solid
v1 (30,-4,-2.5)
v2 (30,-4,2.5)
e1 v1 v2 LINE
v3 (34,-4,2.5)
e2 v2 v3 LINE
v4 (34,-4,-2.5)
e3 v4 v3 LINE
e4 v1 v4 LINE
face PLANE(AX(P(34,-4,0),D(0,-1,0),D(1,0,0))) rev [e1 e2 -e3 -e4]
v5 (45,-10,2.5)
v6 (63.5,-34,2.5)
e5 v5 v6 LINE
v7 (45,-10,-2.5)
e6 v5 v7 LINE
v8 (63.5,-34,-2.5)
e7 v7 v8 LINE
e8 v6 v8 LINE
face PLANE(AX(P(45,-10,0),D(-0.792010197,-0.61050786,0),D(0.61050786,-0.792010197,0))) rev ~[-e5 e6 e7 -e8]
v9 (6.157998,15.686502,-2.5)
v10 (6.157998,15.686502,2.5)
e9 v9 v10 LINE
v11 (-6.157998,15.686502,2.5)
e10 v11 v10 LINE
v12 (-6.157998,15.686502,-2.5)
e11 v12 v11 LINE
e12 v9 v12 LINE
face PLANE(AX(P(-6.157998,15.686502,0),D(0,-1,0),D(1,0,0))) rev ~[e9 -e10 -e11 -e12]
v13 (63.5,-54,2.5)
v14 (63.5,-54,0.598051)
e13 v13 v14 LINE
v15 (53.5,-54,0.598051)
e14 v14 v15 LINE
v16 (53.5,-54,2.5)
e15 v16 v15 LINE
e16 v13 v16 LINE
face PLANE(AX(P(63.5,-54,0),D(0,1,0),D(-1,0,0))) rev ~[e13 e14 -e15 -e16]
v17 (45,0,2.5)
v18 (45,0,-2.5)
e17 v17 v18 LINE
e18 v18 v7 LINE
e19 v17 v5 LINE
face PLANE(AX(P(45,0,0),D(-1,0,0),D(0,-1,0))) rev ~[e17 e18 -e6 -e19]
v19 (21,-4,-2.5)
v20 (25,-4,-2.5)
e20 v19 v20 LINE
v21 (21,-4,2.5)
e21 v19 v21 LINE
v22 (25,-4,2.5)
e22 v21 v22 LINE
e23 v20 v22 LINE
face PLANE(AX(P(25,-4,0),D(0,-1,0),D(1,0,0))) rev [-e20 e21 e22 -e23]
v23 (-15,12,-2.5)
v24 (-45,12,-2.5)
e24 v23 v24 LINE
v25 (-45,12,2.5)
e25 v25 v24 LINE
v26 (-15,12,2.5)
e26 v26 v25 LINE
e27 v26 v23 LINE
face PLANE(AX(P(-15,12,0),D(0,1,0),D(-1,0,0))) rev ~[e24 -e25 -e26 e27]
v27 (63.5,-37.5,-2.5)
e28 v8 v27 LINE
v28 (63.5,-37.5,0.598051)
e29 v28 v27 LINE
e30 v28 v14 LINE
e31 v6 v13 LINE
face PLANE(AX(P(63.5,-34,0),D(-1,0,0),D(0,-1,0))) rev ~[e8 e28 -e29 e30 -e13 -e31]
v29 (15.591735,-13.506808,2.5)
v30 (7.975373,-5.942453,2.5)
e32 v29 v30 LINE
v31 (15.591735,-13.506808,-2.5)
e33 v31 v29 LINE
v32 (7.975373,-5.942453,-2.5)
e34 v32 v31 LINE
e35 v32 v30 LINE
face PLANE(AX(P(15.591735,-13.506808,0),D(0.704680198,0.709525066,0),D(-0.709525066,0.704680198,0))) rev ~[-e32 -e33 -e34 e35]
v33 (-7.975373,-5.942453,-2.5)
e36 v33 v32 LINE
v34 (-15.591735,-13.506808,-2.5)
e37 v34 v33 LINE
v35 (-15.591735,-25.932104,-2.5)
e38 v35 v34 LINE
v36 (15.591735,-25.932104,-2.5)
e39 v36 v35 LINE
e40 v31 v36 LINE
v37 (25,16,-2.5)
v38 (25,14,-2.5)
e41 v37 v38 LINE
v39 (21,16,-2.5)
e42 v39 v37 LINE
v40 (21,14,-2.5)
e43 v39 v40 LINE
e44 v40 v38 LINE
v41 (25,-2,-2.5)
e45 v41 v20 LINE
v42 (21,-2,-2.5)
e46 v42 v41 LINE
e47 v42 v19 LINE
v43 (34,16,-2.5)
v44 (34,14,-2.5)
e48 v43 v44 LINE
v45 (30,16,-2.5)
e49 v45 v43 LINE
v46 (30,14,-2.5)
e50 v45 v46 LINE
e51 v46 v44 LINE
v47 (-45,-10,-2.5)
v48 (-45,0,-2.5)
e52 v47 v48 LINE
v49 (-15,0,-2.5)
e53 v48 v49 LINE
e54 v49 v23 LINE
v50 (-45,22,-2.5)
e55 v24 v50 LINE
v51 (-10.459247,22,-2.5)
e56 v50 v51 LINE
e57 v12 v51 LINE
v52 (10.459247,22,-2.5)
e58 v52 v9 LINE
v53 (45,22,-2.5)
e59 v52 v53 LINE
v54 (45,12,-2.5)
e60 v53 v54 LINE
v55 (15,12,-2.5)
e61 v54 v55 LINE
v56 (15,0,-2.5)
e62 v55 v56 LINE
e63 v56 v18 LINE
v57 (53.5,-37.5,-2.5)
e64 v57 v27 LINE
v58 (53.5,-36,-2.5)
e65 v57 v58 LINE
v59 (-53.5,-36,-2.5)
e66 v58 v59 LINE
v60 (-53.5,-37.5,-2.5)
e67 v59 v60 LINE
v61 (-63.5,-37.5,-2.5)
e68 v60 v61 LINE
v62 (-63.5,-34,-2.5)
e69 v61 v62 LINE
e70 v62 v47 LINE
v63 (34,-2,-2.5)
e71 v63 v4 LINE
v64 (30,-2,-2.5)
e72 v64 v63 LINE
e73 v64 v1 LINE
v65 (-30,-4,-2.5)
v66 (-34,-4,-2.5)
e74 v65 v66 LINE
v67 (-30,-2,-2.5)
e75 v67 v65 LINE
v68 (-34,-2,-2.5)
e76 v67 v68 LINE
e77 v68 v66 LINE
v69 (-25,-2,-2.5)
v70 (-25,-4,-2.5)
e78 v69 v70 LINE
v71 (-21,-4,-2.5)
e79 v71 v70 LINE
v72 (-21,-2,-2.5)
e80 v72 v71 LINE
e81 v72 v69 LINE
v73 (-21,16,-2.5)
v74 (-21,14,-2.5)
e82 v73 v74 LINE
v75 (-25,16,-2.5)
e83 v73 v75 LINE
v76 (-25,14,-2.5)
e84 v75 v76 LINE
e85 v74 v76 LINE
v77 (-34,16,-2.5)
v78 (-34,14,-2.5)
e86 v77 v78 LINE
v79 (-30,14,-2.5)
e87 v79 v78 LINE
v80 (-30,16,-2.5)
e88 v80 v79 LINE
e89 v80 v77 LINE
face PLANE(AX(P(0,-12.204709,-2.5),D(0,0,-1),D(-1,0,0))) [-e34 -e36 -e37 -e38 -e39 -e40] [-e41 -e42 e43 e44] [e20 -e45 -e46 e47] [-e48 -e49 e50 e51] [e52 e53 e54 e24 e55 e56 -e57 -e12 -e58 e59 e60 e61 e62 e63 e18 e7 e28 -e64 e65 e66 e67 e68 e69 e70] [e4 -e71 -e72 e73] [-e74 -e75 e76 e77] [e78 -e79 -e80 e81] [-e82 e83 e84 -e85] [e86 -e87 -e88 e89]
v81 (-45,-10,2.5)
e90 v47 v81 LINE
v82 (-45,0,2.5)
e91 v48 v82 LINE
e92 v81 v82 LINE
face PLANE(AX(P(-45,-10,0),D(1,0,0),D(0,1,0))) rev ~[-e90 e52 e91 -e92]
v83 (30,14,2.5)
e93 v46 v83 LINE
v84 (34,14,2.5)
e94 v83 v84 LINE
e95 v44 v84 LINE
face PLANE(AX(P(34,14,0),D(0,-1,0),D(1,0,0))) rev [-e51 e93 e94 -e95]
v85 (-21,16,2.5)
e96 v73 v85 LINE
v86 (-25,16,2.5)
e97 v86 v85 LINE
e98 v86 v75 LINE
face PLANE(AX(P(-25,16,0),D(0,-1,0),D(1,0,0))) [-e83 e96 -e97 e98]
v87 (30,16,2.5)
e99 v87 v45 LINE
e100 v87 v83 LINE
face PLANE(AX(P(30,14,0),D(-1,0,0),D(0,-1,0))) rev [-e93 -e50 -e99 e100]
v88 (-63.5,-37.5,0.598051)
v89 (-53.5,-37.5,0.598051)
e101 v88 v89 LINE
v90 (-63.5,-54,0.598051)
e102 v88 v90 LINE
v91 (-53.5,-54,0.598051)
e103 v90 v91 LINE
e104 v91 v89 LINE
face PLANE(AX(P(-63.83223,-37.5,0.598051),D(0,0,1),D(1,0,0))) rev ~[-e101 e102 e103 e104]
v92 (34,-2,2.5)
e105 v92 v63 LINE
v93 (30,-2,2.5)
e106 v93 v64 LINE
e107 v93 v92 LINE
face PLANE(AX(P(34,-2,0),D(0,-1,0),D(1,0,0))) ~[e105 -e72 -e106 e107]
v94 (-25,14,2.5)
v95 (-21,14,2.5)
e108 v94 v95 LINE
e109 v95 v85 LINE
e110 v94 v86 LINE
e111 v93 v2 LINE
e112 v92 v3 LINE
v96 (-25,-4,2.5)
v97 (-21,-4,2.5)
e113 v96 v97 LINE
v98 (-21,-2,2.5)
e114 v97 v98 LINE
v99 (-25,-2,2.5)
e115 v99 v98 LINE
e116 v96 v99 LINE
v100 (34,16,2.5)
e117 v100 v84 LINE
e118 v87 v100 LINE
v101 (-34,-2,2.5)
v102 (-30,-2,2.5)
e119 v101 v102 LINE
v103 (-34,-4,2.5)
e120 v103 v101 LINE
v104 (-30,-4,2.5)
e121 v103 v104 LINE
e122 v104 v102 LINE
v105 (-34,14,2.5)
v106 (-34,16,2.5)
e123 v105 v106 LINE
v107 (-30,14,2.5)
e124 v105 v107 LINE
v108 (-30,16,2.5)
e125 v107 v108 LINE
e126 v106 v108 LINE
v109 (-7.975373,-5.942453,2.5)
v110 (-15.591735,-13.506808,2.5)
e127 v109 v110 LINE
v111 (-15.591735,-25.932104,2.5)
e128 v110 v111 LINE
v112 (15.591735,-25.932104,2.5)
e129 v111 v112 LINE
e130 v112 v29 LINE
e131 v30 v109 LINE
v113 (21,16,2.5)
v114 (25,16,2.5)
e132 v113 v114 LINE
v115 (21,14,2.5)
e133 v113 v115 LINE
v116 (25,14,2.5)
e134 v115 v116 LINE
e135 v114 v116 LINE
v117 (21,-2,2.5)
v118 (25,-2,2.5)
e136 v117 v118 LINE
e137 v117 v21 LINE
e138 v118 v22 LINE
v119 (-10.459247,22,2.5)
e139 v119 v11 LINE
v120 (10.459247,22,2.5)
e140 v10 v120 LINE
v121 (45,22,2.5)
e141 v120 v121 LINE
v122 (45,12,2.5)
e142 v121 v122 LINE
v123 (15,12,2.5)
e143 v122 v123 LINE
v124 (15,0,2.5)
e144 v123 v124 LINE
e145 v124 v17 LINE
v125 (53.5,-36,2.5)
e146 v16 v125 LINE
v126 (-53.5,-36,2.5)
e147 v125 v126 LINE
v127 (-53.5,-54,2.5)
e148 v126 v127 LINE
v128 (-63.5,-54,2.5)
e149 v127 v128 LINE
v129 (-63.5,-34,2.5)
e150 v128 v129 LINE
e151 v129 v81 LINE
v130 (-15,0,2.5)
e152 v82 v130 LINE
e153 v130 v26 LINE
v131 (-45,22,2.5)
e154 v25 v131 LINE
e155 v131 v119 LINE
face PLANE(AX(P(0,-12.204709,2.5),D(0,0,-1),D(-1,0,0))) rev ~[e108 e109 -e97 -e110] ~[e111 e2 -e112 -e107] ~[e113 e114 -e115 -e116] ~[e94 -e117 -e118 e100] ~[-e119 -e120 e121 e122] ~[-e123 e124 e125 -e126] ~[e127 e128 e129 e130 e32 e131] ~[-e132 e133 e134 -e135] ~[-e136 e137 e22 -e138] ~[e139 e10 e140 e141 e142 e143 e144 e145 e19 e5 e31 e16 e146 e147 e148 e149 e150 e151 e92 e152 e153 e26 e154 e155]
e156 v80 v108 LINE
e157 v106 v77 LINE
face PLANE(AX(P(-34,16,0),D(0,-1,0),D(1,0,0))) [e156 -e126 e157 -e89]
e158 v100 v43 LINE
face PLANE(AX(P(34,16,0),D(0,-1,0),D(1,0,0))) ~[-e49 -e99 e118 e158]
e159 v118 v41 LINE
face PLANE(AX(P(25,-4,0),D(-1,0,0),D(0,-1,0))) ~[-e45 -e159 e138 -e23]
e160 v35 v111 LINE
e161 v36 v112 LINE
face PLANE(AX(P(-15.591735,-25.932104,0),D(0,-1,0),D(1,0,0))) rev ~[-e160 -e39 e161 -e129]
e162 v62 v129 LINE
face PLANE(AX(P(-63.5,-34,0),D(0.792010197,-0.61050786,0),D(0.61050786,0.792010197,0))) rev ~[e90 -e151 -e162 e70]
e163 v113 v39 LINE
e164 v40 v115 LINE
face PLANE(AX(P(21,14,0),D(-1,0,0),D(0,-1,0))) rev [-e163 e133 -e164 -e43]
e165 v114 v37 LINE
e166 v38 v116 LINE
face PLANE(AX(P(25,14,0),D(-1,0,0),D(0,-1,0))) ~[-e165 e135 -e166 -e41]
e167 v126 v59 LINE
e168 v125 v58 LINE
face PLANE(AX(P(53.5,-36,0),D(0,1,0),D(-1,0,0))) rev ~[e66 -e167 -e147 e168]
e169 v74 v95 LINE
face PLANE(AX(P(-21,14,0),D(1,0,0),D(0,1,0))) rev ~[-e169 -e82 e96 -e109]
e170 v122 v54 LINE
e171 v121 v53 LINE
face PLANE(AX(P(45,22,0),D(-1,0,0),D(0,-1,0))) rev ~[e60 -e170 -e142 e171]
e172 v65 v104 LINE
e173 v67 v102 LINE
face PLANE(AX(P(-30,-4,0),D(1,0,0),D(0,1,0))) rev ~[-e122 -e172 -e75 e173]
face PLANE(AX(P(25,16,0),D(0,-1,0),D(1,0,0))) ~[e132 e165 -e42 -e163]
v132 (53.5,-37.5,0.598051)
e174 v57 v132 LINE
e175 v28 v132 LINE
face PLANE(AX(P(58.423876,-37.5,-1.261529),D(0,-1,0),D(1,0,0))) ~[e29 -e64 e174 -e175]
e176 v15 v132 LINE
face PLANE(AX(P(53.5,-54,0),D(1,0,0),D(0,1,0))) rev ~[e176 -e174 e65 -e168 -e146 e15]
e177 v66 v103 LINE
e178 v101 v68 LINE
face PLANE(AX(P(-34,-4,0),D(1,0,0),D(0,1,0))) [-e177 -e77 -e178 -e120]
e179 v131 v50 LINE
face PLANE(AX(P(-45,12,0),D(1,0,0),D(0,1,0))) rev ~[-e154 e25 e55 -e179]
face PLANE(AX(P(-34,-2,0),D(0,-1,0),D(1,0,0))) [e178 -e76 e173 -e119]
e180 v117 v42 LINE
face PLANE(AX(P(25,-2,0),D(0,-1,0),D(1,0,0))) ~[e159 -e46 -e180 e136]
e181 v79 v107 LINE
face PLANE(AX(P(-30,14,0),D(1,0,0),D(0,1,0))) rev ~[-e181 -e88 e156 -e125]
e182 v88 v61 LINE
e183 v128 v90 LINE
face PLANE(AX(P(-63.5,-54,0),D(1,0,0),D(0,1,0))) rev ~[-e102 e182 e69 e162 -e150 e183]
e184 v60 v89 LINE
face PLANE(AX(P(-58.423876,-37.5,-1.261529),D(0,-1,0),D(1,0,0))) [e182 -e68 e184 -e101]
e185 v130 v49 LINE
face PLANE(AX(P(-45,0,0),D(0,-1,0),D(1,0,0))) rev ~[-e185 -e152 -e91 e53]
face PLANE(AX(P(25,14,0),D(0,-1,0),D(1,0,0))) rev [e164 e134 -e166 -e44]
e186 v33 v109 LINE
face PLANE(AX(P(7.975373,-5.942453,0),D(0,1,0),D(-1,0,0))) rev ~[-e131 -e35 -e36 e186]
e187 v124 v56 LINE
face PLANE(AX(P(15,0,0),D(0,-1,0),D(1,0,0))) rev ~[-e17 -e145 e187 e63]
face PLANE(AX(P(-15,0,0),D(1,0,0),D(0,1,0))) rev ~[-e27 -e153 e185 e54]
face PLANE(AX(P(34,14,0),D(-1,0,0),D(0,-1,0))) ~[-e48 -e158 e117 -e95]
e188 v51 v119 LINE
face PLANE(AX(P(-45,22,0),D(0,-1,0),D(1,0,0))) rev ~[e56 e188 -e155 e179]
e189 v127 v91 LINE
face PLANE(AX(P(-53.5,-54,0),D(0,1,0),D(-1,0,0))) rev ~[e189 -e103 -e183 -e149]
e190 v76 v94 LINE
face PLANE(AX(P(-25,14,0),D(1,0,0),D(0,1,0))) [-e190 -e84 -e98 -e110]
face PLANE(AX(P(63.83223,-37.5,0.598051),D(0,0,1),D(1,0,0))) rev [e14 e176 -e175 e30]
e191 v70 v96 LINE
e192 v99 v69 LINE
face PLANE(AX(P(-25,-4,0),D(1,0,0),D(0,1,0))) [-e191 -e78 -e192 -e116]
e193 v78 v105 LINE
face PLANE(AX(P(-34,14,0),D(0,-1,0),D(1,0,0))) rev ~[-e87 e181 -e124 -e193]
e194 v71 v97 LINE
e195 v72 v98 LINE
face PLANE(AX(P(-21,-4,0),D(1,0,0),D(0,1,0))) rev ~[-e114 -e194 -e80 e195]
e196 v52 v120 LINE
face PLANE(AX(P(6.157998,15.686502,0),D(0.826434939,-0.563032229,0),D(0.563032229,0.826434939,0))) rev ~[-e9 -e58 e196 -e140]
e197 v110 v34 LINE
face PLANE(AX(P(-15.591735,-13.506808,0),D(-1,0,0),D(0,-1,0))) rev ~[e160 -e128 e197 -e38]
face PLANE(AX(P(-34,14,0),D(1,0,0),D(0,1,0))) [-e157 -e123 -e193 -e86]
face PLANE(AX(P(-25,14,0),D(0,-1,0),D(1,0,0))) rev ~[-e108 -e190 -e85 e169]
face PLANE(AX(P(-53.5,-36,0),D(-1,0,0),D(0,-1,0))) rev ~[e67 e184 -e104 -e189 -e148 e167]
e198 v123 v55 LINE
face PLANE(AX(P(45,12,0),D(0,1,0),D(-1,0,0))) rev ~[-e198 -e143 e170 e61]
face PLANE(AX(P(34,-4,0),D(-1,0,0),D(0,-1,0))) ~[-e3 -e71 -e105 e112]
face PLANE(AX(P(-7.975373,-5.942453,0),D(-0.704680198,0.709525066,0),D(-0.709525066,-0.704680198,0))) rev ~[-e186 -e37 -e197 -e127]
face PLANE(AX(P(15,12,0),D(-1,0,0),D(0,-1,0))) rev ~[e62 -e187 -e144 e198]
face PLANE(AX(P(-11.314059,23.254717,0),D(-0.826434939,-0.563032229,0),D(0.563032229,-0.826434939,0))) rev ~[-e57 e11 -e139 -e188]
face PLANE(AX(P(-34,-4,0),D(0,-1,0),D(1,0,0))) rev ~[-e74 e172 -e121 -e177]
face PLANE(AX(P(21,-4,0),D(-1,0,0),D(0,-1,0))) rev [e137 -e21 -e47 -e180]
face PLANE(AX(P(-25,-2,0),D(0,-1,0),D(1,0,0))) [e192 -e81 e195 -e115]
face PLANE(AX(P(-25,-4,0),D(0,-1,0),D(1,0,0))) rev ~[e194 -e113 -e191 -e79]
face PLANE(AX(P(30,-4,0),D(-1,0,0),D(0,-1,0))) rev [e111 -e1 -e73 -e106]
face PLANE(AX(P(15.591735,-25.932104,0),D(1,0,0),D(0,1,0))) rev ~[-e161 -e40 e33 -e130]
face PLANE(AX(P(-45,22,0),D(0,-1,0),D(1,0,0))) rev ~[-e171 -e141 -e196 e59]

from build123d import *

# Parameters (mm, degrees)
PAD005005_DEPTH      = 2.5
SKETCH014_W          = 4
SKETCH014_H          = 2
POCKET003_DEPTH      = 298.676624
POCKET003_DEPTH_BACK = 298.676624
POCKET004_DEPTH      = 2.501
POCKET004_DEPTH_BACK = 2.501
POCKET005_DEPTH      = 2.501
POCKET005_DEPTH_BACK = 2.501
SKETCH017_W          = 10.816708
SKETCH017_H          = 3.71916
POCKET006_DEPTH      = 312.676624


with BuildPart() as part:
    # Sketch013 → Pad005005 (new body, symmetric)
    with BuildSketch(Plane.XY):
        Polygon((-45, 0), (-15, 0), (-15, 12), (-45, 12), (-45, 22), (45, 22), (45, 12), (15, 12), (15, 0), (45, 0), (45, -10), (63.5, -34), (63.5, -54), (53.5, -54), (53.5, -36), (-53.5, -36), (-53.5, -54), (-63.5, -54), (-63.5, -34), (-45, -10), align=None)
    extrude(amount=PAD005005_DEPTH, both=True)

    # Sketch014 → Pocket003 (cut, two sides)
    with BuildSketch(Plane.XY) as pocket003_sk:
        with Locations((-32, -3)):
            Rectangle(SKETCH014_W, SKETCH014_H)
        with Locations((-32, 15)):
            Rectangle(SKETCH014_W, SKETCH014_H)
        with Locations((-23, -3)):
            Rectangle(SKETCH014_W, SKETCH014_H)
        with Locations((-23, 15)):
            Rectangle(SKETCH014_W, SKETCH014_H)
    pocket003 = extrude(amount=-POCKET003_DEPTH, mode=Mode.SUBTRACT) + extrude(pocket003_sk.sketch, amount=POCKET003_DEPTH_BACK, mode=Mode.SUBTRACT)

    # Mirrored002: Pocket003 across Sketch014 V_Axis
    add(pocket003.mirror(Plane(origin=(0, 0, 0), x_dir=(0, 0, 1), z_dir=(1, 0, 0))), mode=Mode.SUBTRACT)

    # Sketch015 → Pocket004 (cut, two sides)
    with BuildSketch(Plane.XY) as pocket004_sk:
        Polygon((-11.314059, 23.254717), (-6.157998, 15.686502), (6.157998, 15.686502), (11.314059, 23.254717), align=None)
    extrude(amount=-POCKET004_DEPTH, mode=Mode.SUBTRACT)
    extrude(pocket004_sk.sketch, amount=POCKET004_DEPTH_BACK, mode=Mode.SUBTRACT)

    # Sketch016 → Pocket005 (cut, two sides)
    with BuildSketch(Plane.XY) as pocket005_sk:
        Polygon((-7.975373, -5.942453), (-15.591735, -13.506808), (-15.591735, -25.932104), (15.591735, -25.932104), (15.591735, -13.506808), (7.975373, -5.942453), align=None)
    extrude(amount=-POCKET005_DEPTH, mode=Mode.SUBTRACT)
    extrude(pocket005_sk.sketch, amount=POCKET005_DEPTH_BACK, mode=Mode.SUBTRACT)

    # Sketch017 → Pocket006 (cut, through all)
    with BuildSketch(Plane.XZ.offset(37.5)):
        with Locations((-58.423876, -1.261529)):
            Rectangle(SKETCH017_W, SKETCH017_H)
    pocket006 = extrude(amount=POCKET006_DEPTH, mode=Mode.SUBTRACT)

    # Mirrored003: Pocket006 across Sketch017 V_Axis
    add(pocket006.mirror(Plane(origin=(0, -37.5, 0), x_dir=(0, -1, 0), z_dir=(1, 0, 0))), mode=Mode.SUBTRACT)


solid = part.part
